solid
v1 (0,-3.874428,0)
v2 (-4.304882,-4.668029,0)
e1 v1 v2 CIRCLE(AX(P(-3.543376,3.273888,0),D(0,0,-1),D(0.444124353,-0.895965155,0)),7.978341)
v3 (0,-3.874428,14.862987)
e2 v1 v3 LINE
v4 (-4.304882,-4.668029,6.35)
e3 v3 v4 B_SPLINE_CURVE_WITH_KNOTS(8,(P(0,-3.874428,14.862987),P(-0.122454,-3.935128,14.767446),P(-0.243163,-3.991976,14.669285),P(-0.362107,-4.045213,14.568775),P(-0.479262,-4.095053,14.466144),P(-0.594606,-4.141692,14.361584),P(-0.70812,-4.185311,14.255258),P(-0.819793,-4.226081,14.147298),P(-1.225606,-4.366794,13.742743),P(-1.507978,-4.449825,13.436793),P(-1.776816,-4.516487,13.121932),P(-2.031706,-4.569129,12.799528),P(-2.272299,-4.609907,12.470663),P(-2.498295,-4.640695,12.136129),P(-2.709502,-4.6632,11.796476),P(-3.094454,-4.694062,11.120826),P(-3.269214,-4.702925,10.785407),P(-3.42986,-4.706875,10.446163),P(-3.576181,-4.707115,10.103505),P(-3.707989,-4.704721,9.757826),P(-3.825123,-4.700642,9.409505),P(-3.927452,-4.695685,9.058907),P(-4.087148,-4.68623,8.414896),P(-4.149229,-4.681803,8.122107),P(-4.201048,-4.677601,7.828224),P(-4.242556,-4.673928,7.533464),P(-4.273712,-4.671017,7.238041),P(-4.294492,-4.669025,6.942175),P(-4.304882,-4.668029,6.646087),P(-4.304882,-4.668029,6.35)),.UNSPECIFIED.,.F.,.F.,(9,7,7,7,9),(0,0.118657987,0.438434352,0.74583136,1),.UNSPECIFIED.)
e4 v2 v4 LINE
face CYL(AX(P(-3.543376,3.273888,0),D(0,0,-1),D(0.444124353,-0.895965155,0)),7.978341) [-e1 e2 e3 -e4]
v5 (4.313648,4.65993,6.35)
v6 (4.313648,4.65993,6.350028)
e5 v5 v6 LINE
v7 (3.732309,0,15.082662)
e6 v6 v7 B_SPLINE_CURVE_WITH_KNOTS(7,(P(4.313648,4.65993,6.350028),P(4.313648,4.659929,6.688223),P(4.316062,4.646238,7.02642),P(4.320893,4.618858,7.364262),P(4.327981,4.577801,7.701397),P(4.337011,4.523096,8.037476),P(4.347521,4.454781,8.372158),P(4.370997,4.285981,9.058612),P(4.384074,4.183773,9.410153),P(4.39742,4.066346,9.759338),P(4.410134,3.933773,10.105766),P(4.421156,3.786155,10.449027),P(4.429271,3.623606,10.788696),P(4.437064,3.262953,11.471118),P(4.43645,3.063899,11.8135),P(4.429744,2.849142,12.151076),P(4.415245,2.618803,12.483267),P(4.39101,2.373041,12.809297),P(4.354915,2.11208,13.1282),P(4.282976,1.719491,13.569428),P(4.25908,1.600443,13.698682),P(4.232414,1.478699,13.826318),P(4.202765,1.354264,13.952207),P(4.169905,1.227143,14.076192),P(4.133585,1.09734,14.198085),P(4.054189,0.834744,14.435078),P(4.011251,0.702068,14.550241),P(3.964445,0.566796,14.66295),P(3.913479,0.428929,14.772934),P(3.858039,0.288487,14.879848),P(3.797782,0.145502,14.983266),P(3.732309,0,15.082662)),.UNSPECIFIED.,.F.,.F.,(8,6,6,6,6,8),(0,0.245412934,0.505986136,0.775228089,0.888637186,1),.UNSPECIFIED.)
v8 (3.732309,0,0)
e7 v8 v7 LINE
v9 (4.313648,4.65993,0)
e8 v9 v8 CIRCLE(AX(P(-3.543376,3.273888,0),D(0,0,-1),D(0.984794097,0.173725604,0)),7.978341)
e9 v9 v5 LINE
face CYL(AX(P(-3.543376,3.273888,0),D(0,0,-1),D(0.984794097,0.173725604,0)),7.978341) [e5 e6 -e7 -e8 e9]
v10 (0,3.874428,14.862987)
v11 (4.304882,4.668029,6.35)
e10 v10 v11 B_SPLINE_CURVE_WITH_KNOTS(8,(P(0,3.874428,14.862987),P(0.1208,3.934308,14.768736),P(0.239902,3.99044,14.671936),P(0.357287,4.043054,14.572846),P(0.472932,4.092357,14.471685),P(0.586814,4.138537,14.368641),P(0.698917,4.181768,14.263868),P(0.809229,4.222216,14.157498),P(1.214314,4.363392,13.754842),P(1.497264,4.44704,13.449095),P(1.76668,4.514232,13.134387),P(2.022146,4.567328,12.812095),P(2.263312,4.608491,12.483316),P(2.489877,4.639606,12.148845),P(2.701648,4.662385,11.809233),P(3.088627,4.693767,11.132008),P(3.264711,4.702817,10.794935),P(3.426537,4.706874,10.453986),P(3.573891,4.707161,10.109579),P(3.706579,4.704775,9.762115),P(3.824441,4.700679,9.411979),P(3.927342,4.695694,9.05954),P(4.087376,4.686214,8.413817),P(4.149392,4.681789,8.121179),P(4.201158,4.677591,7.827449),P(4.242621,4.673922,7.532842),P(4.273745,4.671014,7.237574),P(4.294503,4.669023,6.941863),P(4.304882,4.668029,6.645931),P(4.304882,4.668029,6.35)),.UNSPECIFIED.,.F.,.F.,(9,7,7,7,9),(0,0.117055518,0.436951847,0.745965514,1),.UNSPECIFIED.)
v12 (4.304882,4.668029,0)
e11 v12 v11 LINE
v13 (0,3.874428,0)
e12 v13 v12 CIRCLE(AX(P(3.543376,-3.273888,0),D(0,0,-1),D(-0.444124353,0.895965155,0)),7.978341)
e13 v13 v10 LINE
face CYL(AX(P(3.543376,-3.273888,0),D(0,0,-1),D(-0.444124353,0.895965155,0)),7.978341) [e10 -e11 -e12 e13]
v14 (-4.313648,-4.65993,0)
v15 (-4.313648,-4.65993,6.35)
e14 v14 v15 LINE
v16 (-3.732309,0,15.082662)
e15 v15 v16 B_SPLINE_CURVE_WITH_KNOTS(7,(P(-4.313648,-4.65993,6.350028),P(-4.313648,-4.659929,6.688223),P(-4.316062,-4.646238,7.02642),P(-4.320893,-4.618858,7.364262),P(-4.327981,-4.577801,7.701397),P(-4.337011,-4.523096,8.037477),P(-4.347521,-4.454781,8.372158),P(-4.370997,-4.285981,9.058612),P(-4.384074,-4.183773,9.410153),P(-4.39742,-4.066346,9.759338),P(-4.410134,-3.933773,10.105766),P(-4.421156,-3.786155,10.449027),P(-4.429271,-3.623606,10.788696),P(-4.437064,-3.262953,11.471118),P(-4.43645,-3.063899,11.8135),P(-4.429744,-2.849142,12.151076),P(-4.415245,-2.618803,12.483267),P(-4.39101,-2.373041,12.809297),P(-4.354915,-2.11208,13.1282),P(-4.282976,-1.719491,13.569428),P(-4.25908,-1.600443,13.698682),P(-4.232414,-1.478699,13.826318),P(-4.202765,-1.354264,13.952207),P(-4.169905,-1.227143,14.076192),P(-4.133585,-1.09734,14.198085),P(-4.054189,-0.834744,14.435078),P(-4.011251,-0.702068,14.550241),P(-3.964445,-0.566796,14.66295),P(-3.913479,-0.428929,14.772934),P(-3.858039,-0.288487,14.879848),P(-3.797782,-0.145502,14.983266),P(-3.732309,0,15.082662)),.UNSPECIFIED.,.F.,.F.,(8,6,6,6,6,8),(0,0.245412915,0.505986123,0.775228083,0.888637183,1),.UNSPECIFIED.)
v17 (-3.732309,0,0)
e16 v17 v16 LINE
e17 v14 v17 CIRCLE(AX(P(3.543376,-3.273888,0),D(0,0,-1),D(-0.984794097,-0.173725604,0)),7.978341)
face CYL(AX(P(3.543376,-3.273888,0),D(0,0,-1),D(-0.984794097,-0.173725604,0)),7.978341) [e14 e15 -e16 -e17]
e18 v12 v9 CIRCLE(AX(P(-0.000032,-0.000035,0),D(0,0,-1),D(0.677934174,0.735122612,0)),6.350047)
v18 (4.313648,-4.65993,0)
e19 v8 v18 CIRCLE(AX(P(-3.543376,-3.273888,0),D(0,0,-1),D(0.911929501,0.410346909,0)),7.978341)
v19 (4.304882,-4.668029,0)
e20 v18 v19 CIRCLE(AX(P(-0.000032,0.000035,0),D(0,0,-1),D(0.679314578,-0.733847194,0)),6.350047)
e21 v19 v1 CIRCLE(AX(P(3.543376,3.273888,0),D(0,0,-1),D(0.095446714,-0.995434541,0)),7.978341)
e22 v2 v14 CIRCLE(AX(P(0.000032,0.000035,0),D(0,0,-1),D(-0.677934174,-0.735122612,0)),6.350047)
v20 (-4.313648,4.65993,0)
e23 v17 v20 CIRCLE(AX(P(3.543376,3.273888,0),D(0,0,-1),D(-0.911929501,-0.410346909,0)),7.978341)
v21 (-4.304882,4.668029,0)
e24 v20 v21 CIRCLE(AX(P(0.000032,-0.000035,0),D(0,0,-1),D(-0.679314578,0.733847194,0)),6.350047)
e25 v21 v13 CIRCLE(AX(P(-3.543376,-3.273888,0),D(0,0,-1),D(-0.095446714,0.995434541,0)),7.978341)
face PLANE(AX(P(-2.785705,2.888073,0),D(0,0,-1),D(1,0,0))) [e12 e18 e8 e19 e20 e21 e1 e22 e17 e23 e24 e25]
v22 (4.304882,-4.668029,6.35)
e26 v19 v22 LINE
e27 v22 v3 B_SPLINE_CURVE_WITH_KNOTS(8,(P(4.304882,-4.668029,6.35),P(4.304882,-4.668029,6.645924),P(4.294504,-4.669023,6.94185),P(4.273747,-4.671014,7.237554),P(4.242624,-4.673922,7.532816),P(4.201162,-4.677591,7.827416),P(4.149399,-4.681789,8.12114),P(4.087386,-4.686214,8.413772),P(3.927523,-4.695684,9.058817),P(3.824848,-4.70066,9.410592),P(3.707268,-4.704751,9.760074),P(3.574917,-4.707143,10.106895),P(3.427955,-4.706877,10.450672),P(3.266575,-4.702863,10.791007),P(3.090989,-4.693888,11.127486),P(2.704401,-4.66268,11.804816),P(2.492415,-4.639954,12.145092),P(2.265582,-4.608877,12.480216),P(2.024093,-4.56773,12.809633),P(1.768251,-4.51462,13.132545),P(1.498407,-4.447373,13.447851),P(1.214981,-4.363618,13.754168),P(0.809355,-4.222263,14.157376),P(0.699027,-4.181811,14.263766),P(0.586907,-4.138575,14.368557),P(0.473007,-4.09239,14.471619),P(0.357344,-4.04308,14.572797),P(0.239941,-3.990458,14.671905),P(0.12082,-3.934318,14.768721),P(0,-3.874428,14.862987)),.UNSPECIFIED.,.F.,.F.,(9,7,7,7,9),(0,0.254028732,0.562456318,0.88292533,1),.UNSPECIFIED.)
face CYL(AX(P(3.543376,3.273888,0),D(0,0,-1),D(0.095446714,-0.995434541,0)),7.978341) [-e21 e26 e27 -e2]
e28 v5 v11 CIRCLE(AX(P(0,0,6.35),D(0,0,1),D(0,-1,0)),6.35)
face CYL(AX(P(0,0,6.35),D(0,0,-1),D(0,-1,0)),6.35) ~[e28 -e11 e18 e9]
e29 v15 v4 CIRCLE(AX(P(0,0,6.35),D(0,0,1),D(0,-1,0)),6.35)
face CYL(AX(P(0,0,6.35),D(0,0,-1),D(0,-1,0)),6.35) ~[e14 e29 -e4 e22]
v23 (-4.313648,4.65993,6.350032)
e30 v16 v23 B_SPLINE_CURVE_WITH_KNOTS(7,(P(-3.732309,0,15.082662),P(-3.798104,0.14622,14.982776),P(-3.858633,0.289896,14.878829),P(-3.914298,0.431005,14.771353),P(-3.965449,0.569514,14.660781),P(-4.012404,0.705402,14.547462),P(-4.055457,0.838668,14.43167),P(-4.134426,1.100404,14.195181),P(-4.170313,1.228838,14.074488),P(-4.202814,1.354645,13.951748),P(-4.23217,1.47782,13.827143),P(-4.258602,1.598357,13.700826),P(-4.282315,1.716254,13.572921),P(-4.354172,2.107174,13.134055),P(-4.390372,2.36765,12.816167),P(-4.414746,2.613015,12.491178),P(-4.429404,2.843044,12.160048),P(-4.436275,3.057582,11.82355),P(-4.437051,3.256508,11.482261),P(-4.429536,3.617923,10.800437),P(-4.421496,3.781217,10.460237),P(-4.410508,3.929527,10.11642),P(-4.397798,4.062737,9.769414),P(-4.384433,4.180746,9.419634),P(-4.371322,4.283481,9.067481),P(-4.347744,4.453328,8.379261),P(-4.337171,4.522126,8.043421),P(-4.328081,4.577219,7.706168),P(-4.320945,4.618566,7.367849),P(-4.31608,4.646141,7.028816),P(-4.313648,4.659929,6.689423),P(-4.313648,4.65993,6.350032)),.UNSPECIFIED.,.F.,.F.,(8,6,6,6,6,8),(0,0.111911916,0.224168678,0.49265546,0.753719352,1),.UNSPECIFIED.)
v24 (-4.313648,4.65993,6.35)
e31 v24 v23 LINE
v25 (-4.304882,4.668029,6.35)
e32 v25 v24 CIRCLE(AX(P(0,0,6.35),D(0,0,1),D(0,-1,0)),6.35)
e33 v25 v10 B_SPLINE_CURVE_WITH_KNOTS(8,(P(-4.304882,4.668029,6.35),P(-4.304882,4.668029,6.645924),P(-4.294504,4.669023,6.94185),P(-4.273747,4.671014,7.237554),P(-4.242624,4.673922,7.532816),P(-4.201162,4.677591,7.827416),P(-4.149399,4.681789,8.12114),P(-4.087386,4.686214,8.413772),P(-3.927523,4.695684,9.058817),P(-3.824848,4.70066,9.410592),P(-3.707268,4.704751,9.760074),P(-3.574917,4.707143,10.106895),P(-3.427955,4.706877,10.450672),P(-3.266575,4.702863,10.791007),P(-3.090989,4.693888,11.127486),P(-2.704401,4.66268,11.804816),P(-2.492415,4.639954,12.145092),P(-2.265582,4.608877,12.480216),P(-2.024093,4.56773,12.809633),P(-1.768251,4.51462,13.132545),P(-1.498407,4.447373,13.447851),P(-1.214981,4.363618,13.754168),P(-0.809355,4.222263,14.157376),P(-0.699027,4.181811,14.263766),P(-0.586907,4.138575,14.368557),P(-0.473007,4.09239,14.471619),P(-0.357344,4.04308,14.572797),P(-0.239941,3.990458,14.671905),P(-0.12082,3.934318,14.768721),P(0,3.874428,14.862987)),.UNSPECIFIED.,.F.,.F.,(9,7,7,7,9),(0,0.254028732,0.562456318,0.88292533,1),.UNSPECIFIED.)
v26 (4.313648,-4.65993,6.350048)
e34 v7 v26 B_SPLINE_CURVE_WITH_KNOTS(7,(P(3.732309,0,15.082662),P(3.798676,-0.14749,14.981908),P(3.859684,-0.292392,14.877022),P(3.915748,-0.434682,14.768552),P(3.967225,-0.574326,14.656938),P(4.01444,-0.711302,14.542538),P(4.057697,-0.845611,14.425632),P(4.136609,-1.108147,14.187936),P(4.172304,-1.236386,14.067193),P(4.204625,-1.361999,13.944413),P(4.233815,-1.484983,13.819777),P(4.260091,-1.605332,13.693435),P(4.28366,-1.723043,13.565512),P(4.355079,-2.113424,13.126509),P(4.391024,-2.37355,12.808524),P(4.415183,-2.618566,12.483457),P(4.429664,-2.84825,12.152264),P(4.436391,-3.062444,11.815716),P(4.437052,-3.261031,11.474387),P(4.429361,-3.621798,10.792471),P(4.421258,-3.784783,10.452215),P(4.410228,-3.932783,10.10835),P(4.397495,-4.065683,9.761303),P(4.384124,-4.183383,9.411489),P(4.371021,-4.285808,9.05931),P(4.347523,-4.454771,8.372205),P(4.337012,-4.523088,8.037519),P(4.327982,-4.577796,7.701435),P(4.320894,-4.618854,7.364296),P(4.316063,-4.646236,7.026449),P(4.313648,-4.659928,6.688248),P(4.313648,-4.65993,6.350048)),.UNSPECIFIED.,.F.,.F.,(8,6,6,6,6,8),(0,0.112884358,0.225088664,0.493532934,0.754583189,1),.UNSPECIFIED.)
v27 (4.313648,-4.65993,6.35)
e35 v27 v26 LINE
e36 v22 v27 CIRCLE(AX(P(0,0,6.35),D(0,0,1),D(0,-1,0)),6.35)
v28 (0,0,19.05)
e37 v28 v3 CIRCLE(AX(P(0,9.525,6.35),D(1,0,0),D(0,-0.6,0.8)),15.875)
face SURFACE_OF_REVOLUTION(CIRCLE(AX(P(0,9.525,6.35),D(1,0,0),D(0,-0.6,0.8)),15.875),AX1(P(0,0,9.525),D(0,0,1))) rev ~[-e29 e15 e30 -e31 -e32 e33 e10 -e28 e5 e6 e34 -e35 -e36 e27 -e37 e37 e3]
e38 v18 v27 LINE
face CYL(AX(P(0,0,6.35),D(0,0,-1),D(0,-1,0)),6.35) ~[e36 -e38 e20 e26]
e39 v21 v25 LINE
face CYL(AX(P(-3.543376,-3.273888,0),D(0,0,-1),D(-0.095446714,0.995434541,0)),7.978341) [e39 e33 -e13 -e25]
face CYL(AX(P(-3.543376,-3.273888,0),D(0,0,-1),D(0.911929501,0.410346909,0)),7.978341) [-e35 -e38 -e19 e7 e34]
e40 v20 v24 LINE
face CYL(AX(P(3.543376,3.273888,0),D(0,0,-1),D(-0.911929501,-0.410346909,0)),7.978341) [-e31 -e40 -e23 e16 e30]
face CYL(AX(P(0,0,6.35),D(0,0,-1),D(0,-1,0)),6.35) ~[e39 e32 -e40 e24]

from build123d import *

# Parameters (mm, degrees)
F3_DEPTH = 19.0510001


with BuildPart() as f1:
    # F0 (on Right) → F1 (revolve)
    with BuildSketch(Plane.YZ):
        with BuildLine():
            Line((-6.35, 0), (0, 0))
            Line((0, 0), (0, 19.05))
            ThreePointArc((0, 19.05), (-4.6740316571, 13.4495158286), (-6.35, 6.35))
            Line((-6.35, 6.35), (-6.35, 0))
        make_face()
    revolve(axis=Axis((0, 0, 9.525), (0, 0, 1)))

    # F2 (on face) → F3 (intersect, through all)
    with BuildSketch(Plane(origin=(0, 0, 0), x_dir=(1, 0, 0), z_dir=(0, 0, -1))):
        with BuildLine():
            ThreePointArc((-4.3136475856, -4.6599296676), (-4.3092666737, -4.6639812108), (-4.3048819565, -4.6680286354))
            ThreePointArc((-4.3048819565, -4.6680286354), (-2.0969490938, -4.5722436826), (0, -3.8744279606))
            ThreePointArc((0, -3.8744279606), (-2.2025633044, -2.2612828853), (-3.7323089879, 0))
            ThreePointArc((-3.7323089879, 0), (-4.3735965055, -2.2862242802), (-4.3136475856, -4.6599296676))
        make_face()
        with BuildLine():
            ThreePointArc((-3.7323089879, 0), (-2.2025633044, -2.2612828853), (0, -3.8744279606))
            ThreePointArc((0, -3.8744279606), (2.2025633044, -2.2612828853), (3.7323089879, 0))
            ThreePointArc((3.7323089879, 0), (2.2025633044, 2.2612828853), (0, 3.8744279606))
            ThreePointArc((0, 3.8744279606), (-2.2025633044, 2.2612828853), (-3.7323089879, 0))
        make_face()
        with BuildLine():
            ThreePointArc((0, 3.8744279606), (2.2025633044, 2.2612828853), (3.7323089879, 0))
            ThreePointArc((3.7323089879, 0), (4.3735965055, 2.2862242802), (4.3136475856, 4.6599296676))
            ThreePointArc((4.3136475856, 4.6599296676), (4.3092666737, 4.6639812108), (4.3048819565, 4.6680286354))
            ThreePointArc((4.3048819565, 4.6680286354), (2.0969490938, 4.5722436826), (0, 3.8744279606))
        make_face()
        with BuildLine():
            ThreePointArc((3.7323089879, 0), (2.2025633044, -2.2612828853), (0, -3.8744279606))
            ThreePointArc((0, -3.8744279606), (2.0969490938, -4.5722436826), (4.3048819565, -4.6680286354))
            ThreePointArc((4.3048819565, -4.6680286354), (4.3092666737, -4.6639812108), (4.3136475856, -4.6599296676))
            ThreePointArc((4.3136475856, -4.6599296676), (4.3735965055, -2.2862242802), (3.7323089879, 0))
        make_face()
        with BuildLine():
            ThreePointArc((-4.3136475856, 4.6599296676), (-4.3735965055, 2.2862242802), (-3.7323089879, 0))
            ThreePointArc((-3.7323089879, 0), (-2.2025633044, 2.2612828853), (0, 3.8744279606))
            ThreePointArc((0, 3.8744279606), (-2.0969490938, 4.5722436826), (-4.3048819565, 4.6680286354))
            ThreePointArc((-4.3048819565, 4.6680286354), (-4.3092666737, 4.6639812108), (-4.3136475856, 4.6599296676))
        make_face()
    extrude(amount=-F3_DEPTH, mode=Mode.INTERSECT)


solid = f1.part
